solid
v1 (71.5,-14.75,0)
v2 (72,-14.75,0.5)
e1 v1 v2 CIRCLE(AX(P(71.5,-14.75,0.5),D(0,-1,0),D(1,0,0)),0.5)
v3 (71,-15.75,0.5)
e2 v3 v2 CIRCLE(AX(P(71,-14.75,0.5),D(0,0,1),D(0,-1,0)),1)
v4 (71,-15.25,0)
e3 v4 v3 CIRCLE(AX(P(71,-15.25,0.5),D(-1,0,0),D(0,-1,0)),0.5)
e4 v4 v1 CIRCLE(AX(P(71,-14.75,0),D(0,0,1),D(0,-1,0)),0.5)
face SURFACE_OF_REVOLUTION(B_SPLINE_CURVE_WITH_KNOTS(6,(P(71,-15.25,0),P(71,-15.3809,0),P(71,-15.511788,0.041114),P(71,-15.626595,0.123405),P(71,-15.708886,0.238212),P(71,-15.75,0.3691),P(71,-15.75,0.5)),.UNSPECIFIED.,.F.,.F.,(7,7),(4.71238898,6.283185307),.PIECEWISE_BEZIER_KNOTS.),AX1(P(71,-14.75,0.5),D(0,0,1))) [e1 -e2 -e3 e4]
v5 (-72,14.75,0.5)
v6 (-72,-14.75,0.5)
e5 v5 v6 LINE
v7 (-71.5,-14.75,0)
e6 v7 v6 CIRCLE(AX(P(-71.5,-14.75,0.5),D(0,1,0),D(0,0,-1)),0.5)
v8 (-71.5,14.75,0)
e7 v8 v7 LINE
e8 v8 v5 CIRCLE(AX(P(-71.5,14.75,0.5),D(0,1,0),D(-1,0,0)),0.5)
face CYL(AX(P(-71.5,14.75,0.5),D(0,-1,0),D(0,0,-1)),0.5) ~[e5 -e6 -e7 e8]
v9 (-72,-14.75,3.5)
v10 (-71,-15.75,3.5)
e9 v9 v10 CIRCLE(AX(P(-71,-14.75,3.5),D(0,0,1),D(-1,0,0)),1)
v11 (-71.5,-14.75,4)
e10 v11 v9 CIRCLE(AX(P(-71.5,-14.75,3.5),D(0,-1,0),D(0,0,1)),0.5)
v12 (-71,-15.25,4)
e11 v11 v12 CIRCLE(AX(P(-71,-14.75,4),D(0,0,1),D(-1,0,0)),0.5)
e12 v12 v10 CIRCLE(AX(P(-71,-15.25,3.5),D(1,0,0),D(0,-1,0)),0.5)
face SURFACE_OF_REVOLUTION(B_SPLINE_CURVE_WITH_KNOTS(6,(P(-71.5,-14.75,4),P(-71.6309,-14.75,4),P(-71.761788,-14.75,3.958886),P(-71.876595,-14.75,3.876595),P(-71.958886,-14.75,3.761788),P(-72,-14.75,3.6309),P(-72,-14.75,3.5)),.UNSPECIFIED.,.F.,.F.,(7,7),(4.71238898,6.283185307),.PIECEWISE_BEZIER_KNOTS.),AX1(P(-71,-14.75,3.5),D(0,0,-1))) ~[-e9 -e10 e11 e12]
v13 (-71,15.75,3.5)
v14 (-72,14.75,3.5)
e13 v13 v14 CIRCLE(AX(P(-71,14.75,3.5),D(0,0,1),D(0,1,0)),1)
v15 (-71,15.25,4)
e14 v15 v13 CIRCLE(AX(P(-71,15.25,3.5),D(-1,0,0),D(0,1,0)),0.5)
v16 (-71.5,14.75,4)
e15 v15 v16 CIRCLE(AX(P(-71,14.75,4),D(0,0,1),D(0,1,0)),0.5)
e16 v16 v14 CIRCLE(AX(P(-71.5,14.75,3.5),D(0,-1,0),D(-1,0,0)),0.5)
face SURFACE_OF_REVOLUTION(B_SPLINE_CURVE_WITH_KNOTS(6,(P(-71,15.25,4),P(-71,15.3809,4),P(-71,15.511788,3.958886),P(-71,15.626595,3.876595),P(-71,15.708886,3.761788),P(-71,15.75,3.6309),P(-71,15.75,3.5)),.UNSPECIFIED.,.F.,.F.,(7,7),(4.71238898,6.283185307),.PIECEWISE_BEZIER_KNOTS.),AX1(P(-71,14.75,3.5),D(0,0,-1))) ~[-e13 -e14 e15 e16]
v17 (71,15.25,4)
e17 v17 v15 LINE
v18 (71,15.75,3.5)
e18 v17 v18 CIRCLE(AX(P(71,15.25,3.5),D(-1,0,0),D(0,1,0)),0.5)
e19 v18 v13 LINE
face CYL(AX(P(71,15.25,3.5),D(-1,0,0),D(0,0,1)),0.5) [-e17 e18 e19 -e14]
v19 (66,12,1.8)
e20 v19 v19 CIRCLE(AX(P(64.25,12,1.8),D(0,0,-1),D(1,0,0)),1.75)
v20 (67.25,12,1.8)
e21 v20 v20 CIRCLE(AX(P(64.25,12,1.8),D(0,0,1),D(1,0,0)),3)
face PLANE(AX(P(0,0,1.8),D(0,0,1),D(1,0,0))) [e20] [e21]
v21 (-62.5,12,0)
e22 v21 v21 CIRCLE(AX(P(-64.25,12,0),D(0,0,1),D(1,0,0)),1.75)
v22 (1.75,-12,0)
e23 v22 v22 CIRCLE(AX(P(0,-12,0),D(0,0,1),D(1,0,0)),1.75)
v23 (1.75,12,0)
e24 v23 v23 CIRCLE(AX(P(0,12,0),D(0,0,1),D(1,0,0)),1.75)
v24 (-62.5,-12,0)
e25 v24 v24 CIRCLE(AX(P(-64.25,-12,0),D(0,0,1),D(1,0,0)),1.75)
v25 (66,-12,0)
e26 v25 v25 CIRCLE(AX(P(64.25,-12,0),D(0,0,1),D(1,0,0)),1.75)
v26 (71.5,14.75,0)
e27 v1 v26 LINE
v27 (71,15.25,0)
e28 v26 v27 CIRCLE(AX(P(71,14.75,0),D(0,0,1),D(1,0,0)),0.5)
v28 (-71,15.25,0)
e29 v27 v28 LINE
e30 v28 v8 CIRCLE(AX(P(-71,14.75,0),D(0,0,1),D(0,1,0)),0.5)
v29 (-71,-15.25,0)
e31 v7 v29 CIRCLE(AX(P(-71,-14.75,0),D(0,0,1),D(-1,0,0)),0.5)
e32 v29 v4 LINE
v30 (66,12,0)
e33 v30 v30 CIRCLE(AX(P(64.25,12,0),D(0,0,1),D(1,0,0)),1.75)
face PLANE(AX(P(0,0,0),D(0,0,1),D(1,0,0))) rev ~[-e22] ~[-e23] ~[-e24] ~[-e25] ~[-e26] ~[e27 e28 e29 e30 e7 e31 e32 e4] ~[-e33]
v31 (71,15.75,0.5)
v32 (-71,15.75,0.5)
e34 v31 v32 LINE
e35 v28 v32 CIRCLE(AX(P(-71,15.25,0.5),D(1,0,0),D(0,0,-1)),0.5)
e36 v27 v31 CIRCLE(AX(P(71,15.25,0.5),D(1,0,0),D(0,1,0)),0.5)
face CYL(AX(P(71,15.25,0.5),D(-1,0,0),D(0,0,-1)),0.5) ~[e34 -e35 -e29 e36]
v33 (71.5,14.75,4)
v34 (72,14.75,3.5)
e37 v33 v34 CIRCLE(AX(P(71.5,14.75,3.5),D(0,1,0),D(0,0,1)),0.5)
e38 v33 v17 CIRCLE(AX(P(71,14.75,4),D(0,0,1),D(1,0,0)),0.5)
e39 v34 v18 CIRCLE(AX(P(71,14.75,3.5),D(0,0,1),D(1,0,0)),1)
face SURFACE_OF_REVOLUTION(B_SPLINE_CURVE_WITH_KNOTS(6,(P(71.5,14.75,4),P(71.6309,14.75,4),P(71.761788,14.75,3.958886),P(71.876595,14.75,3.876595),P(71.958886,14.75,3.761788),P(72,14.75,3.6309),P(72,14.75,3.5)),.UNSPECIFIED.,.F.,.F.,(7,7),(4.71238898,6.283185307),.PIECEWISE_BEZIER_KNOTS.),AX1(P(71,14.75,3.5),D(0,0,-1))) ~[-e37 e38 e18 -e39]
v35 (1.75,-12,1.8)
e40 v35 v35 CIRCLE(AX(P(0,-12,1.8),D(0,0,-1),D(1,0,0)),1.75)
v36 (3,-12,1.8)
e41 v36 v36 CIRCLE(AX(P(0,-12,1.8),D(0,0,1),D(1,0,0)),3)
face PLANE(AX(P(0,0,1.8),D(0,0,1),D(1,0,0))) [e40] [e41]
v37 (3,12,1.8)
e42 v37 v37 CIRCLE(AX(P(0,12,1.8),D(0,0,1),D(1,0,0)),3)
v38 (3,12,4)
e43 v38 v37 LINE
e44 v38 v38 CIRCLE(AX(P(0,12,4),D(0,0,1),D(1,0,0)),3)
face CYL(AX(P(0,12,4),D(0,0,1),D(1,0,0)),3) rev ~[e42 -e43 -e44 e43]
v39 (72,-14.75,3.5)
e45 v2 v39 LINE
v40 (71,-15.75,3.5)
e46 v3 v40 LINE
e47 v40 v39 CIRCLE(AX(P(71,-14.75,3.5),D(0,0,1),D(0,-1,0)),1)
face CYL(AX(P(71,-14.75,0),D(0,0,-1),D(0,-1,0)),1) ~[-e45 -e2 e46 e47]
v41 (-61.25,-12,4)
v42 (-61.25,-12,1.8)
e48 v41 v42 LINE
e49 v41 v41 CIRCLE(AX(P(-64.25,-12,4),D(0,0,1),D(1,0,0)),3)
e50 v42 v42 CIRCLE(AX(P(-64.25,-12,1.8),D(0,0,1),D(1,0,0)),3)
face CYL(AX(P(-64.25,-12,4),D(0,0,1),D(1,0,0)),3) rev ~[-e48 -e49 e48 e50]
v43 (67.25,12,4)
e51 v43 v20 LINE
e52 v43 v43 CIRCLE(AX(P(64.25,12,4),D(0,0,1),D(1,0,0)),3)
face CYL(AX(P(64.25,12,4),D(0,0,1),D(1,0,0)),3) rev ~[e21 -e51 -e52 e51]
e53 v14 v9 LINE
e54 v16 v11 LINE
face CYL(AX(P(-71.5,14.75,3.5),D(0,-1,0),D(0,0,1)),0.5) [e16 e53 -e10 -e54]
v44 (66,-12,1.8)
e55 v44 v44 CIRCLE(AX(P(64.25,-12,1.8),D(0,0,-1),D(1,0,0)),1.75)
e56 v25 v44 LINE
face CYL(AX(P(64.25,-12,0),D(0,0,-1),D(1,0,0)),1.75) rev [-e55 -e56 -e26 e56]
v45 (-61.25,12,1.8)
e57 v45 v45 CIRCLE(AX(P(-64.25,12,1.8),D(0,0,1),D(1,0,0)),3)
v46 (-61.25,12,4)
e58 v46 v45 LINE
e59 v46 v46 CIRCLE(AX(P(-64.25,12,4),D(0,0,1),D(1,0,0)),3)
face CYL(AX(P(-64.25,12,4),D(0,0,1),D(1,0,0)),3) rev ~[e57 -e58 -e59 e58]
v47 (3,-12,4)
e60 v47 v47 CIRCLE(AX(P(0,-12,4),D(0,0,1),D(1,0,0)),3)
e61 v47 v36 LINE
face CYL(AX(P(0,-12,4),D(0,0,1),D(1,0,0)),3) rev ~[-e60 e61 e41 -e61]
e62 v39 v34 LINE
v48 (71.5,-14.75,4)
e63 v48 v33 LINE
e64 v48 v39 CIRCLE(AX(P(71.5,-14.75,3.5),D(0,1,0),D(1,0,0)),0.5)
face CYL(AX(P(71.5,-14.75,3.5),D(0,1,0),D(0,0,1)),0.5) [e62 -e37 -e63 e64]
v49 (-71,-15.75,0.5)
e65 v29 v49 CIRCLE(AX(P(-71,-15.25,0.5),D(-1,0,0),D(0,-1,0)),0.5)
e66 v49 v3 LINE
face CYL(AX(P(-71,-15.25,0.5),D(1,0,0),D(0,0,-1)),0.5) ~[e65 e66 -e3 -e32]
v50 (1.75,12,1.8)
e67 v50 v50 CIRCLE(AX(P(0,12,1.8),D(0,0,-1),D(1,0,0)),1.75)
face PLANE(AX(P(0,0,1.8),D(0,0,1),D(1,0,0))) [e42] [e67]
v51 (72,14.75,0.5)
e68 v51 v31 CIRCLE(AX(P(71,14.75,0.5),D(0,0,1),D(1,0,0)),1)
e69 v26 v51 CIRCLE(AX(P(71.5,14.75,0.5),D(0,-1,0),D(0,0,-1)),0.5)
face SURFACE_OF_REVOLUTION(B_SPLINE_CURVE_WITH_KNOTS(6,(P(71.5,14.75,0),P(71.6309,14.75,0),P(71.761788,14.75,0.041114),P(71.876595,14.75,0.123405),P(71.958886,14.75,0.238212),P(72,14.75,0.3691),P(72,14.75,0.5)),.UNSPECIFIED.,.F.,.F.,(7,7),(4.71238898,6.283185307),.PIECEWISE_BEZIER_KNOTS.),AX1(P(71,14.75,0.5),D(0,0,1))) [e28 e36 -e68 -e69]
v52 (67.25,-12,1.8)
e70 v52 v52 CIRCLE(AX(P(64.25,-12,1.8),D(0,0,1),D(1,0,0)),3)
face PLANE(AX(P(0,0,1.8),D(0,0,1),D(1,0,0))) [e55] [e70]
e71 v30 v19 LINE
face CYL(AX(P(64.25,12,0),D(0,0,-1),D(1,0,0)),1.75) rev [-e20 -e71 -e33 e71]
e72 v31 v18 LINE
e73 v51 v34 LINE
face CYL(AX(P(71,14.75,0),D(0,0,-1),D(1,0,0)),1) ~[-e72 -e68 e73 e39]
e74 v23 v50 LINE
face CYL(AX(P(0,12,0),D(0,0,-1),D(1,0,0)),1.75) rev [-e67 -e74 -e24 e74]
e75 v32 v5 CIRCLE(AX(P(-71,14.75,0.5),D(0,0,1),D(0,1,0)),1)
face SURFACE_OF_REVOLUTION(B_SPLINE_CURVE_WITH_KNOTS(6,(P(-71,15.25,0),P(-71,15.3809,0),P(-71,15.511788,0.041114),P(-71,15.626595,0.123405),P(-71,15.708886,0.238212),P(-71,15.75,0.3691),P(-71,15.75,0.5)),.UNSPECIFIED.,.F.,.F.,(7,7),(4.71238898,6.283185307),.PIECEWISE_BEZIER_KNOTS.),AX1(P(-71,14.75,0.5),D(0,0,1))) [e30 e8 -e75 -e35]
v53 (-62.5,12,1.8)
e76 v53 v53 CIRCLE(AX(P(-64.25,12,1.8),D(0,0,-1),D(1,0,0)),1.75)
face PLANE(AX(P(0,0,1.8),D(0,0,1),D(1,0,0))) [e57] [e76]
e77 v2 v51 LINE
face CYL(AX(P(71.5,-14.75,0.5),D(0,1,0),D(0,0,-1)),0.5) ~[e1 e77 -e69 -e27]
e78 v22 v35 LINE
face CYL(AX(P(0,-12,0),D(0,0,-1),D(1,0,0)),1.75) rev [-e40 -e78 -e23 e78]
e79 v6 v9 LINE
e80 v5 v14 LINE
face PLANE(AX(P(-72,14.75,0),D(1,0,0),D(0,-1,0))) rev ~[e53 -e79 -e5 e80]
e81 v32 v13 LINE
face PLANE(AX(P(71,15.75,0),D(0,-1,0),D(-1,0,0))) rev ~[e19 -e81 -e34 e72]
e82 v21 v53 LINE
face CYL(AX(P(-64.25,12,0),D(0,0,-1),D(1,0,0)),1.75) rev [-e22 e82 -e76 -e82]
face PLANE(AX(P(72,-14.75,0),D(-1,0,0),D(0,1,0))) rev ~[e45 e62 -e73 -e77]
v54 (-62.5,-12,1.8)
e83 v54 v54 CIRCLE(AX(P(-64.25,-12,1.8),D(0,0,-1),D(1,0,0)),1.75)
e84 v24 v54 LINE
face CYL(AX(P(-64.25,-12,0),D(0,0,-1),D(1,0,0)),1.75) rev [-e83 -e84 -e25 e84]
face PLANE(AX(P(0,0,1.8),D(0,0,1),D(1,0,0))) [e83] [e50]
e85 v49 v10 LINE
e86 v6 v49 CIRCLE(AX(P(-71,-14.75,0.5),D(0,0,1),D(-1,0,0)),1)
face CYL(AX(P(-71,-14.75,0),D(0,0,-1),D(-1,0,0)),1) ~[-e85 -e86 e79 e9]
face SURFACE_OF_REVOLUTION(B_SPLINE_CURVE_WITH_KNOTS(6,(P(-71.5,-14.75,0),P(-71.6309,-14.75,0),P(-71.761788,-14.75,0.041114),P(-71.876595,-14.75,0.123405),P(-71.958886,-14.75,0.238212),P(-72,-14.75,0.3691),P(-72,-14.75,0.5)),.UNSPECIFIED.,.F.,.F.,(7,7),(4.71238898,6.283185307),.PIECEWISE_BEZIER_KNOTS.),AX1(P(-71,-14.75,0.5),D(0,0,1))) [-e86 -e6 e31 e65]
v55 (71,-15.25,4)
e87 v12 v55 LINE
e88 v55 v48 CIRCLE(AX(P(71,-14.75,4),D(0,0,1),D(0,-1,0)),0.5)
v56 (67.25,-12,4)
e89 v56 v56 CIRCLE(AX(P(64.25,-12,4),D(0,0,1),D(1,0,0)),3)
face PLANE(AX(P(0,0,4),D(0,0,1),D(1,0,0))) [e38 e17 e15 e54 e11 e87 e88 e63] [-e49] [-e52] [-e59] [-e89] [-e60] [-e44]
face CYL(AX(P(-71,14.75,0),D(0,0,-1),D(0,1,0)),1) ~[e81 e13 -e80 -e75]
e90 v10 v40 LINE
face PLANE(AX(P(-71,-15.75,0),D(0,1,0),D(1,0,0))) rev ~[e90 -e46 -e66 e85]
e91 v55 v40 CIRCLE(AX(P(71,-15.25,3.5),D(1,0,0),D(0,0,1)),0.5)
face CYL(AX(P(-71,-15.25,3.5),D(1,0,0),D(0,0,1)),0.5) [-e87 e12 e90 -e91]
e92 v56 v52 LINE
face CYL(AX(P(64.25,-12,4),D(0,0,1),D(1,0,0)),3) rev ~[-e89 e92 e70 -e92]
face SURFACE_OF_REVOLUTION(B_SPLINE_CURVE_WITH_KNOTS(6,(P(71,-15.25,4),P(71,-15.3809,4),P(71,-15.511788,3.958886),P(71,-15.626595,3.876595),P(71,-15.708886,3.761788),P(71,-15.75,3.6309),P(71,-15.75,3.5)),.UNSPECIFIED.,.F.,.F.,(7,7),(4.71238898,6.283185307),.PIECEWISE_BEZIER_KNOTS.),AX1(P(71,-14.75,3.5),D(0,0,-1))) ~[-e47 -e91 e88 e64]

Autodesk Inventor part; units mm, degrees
ref_plane "YZ Plane" through (0, 0, 0) normal (1, 0, 0) x (0, 1, 0)
ref_plane "XZ Plane" through (0, 0, 0) normal (0, 1, 0) x (-1, 0, 0)
ref_plane "XY Plane" through (0, 0, 0) normal (0, 0, 1) x (1, 0, 0)
sketch "Sketch1" plane through (0, 0, 0) normal (0, 0, 1) x (1, 0, 0)
  line L0 (-71, -15.75) -> (71, -15.75)
  line L1 (72, -14.75) -> (72, 14.75)
  line L2 (71, 15.75) -> (-71, 15.75)
  line L3 (-72, 14.75) -> (-72, -14.75)
  line L4 (-72, -15.75) -> (72, 15.75) construction
  line L5 (72, -15.75) -> (-72, 15.75) construction
  line L6 (0, 0) -> (0, 12) construction
  line L7 (0, 12) -> (64.25, 12) construction
  line L8 (0, 12) -> (-64.25, 12) construction
  line L9 (0, 0) -> (34.0768, 0) construction
  circle A0 centre (-64.25, 12) radius 1.75
  circle A1 centre (0, 12) radius 1.75
  circle A2 centre (64.25, 12) radius 1.75
  circle A3 centre (-64.25, -12) radius 1.75
  circle A4 centre (0, -12) radius 1.75
  circle A5 centre (64.25, -12) radius 1.75
  arc A6 (-71, 15.75) -> (-72, 14.75) centre (-71, 14.75) ccw
  arc A7 (72, 14.75) -> (71, 15.75) centre (71, 14.75) ccw
  arc A8 (71, -15.75) -> (72, -14.75) centre (71, -14.75) ccw
  arc A9 (-72, -14.75) -> (-71, -15.75) centre (-71, -14.75) ccw
  dimension "d0" = 144
  dimension "d1" = 31.5
  dimension "d2" = 64.25
  dimension "d3" = 12
  dimension "d4" = 3.5
  dimension "d5" = 1
extrude "Extrusion1" add sketch "Sketch1" along normal blind 4
sketch "Sketch2" plane through (0, 0, 4) normal (0, 0, 1) x (1, 0, 0)
  circle A0 centre (-64.25, 12) radius 1.75 projected
  circle A1 centre (-64.25, 12) radius 3
  circle A2 centre (0, 12) radius 1.75 projected
  circle A3 centre (0, 12) radius 3
  circle A4 centre (64.25, 12) radius 1.75 projected
  circle A5 centre (64.25, 12) radius 3
  circle A6 centre (64.25, -12) radius 1.75 projected
  circle A7 centre (64.25, -12) radius 3
  circle A8 centre (0, -12) radius 1.75 projected
  circle A9 centre (0, -12) radius 3
  circle A10 centre (-64.25, -12) radius 1.75 projected
  circle A11 centre (-64.25, -12) radius 3
  point P0 (0, 0)
  dimension "d8" = 6
extrude "Extrusion2" cut sketch "Sketch2" against normal blind 2.2 contours A0 | A1 | A2 | A3 | A4 | A5 | A6 | A7 | A8 | A9 | A10 | A11
fillet "Fillet1" radius 0.5 16 edges at (-71.7071, 15.4571, 4) (-72, 0, 4) (-71.7071, -15.4571, 4) (0, -15.75, 4) (71.7071, -15.4571, 4) (72, 0, 4) (71.7071, 15.4571, 4) (0, 15.75, 4) (71.7071, -15.4571, 0) (72, 0, 0) (71.7071, 15.4571, 0) (0, 15.75, 0) (-71.7071, 15.4571, 0) (-72, 0, 0) (-71.7071, -15.4571, 0) (0, -15.75, 0)
properties part number "Link2_FlatCover"
